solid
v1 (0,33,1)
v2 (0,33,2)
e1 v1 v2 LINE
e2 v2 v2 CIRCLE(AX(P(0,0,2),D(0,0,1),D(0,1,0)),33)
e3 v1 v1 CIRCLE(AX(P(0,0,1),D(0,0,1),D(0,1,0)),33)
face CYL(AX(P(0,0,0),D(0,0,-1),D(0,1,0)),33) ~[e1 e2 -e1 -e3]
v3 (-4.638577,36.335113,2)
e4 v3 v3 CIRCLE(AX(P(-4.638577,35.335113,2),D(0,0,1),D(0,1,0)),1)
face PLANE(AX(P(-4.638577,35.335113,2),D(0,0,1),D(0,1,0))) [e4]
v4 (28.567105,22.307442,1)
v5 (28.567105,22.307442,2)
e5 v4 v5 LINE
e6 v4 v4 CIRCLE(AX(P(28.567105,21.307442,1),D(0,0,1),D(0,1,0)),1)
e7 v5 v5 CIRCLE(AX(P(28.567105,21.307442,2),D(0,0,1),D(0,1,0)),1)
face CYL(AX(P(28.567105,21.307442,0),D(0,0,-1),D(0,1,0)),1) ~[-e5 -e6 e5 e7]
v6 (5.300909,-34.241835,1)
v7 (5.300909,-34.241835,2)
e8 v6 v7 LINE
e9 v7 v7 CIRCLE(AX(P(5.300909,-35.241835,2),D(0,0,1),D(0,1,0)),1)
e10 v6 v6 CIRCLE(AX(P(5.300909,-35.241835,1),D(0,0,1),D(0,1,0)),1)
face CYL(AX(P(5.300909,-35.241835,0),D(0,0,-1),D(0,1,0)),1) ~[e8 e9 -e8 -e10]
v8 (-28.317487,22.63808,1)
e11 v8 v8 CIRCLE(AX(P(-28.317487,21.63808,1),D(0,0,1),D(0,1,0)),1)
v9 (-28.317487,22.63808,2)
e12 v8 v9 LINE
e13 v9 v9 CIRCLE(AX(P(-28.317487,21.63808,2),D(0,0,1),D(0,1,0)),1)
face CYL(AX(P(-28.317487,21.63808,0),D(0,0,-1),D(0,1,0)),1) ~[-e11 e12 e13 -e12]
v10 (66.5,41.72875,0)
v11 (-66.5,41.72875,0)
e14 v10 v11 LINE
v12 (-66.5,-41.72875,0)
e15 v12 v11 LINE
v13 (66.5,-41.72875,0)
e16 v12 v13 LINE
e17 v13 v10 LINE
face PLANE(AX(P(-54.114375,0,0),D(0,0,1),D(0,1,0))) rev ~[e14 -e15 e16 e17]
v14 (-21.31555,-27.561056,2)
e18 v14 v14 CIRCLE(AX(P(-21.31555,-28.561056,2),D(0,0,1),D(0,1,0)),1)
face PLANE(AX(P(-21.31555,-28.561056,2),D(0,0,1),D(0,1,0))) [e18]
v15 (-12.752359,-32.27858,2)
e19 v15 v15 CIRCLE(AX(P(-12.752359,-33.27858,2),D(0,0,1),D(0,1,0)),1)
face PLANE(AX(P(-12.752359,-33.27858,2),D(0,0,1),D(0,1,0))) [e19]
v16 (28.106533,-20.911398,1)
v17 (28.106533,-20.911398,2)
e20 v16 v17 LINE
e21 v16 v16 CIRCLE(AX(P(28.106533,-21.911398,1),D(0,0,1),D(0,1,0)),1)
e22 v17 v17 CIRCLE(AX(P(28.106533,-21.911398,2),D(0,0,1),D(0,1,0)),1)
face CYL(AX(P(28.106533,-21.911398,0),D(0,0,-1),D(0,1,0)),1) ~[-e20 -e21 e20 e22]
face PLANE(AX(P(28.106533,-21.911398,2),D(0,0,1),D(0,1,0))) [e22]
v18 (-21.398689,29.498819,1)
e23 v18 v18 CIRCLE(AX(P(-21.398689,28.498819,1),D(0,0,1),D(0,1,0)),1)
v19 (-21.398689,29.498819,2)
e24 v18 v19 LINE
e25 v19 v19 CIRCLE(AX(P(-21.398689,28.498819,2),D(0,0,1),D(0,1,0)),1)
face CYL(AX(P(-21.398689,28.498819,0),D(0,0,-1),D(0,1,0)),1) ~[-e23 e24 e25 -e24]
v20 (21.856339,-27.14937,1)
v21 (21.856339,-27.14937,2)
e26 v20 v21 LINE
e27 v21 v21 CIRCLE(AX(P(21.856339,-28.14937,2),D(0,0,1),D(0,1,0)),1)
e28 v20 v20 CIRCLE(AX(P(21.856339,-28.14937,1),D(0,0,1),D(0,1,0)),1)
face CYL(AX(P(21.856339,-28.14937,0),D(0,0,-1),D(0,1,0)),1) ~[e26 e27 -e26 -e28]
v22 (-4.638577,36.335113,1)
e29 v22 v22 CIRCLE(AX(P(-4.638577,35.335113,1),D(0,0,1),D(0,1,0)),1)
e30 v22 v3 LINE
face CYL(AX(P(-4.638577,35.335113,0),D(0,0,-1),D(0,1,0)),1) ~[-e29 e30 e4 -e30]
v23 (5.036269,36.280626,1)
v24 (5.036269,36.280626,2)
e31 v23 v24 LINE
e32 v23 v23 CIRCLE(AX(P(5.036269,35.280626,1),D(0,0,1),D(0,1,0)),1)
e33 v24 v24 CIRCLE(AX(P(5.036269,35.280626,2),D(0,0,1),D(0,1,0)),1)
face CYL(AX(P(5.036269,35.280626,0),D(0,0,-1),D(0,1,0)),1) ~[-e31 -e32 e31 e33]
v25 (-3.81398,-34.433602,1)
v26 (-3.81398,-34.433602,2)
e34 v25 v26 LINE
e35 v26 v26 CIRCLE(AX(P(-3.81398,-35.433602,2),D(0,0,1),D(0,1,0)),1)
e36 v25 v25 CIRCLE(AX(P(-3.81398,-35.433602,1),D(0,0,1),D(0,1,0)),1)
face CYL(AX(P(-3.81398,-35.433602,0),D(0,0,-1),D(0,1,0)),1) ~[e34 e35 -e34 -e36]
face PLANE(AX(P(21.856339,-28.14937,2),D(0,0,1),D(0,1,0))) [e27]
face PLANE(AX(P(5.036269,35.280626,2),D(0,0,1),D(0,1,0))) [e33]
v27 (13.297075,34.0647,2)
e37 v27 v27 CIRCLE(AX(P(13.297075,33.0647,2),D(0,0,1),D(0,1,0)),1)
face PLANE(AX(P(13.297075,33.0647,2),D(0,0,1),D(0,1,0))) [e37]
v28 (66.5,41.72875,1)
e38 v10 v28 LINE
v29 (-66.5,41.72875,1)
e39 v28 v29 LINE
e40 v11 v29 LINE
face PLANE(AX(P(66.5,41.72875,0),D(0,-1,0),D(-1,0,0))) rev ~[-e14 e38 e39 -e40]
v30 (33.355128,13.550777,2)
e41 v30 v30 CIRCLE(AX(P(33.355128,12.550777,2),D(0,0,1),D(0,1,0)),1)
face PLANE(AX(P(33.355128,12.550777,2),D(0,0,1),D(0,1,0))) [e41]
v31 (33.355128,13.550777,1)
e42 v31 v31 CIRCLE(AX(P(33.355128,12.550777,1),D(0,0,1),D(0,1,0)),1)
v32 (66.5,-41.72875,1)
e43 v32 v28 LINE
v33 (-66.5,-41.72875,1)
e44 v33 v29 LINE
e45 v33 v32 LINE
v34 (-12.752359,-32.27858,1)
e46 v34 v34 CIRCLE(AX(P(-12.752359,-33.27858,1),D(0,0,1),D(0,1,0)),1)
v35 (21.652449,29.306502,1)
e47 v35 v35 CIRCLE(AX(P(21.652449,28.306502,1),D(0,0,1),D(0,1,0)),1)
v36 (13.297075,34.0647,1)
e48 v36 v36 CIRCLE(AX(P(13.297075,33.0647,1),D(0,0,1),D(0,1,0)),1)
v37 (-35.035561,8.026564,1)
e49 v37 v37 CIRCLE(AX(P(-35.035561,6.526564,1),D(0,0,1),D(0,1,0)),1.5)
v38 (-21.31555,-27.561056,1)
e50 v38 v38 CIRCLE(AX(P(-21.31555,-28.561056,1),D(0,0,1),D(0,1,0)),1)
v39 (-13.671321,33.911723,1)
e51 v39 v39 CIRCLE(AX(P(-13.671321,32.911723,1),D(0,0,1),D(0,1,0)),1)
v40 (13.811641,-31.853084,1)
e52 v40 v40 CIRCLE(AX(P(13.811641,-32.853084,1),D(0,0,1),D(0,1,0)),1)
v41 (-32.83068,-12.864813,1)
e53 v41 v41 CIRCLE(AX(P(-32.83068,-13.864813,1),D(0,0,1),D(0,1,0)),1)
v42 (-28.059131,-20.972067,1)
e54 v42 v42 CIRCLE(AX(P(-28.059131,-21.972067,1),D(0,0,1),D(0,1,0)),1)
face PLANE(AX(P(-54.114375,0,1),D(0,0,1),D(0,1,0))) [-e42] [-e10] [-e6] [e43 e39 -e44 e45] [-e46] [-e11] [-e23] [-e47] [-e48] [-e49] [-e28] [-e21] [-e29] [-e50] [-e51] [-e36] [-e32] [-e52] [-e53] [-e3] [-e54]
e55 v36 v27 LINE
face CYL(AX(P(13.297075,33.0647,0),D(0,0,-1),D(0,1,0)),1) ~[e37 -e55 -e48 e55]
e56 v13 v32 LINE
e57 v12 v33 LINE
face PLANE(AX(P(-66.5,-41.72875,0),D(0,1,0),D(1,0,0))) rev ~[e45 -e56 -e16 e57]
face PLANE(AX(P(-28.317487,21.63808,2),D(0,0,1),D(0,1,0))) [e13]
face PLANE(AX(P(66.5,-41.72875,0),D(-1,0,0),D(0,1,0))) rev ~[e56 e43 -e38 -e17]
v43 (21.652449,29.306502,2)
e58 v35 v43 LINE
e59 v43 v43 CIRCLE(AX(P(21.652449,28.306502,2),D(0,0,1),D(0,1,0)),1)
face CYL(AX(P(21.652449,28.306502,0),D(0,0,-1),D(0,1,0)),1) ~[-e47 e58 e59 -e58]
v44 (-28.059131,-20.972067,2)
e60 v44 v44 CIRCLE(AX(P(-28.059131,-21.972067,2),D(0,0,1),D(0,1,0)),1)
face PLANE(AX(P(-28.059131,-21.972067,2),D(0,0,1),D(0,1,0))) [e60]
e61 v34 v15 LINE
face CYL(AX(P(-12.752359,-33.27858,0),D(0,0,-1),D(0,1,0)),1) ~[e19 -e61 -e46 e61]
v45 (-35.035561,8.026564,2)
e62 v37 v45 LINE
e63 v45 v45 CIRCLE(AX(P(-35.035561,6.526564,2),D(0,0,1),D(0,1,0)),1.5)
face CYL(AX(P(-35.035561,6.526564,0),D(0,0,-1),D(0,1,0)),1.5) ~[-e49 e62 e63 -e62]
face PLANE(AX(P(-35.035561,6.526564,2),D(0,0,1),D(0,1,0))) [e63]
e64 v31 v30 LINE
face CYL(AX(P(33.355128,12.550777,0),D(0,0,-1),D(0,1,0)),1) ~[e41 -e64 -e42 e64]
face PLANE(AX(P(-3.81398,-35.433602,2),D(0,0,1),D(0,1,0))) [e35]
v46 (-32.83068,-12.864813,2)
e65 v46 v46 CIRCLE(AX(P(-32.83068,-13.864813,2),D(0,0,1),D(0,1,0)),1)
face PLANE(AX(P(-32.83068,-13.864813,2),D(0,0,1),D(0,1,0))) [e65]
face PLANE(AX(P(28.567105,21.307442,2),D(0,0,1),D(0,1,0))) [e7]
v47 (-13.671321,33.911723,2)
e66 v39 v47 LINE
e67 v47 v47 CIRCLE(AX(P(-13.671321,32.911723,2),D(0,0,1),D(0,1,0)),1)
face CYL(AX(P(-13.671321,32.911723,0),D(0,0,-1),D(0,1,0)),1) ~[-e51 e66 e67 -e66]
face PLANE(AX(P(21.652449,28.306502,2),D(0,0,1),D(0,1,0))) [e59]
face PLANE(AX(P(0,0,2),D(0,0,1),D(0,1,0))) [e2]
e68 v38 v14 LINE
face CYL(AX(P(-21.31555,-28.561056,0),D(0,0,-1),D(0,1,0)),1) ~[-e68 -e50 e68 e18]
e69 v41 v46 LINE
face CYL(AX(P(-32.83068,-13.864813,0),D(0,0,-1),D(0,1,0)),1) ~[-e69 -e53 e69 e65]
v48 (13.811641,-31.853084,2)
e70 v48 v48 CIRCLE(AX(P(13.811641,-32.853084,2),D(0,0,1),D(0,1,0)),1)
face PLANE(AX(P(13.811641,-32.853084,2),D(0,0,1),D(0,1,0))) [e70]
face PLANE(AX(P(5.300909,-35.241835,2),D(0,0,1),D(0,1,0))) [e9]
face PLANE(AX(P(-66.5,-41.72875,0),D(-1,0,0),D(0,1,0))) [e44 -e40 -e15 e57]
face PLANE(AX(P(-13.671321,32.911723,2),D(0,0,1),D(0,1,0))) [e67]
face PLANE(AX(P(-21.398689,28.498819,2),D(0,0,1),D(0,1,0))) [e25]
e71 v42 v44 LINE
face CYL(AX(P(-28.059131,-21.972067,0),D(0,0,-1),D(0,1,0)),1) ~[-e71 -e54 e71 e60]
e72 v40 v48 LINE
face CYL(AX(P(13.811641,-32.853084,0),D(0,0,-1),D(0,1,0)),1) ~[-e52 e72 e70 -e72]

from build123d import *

# Parameters (mm, degrees)
F0_W     = 83.4575
F0_H     = 24.77125
F0_H_2   = 83.4575
F0_R     = 1
F0_R_2   = 33
F0_R_3   = 1.5
F1_DEPTH = 1
F2_DEPTH = 2
F3_ANGLE = 90


with BuildPart() as f1:
    # F0 (on Top) → F1 (new body)
    with BuildSketch(Plane.XY):
        with Locations((0, 54.114375)):
            Rectangle(F0_W, F0_H)
        with Locations((0, -54.114375)):
            Rectangle(F0_W, F0_H)
        Rectangle(F0_W, F0_H_2)
        with Locations((-35.241835, -5.300909)):
            Circle(F0_R, mode=Mode.SUBTRACT)
        with Locations((-21.911398, -28.106533)):
            Circle(F0_R, mode=Mode.SUBTRACT)
        with Locations((-28.14937, -21.856339)):
            Circle(F0_R, mode=Mode.SUBTRACT)
        with Locations((-32.853084, -13.811641)):
            Circle(F0_R, mode=Mode.SUBTRACT)
        with Locations((12.550777, -33.355128)):
            Circle(F0_R, mode=Mode.SUBTRACT)
        with Locations((21.307442, -28.567105)):
            Circle(F0_R, mode=Mode.SUBTRACT)
        with Locations((28.306502, -21.652449)):
            Circle(F0_R, mode=Mode.SUBTRACT)
        with Locations((33.0647, -13.297075)):
            Circle(F0_R, mode=Mode.SUBTRACT)
        with Locations((35.280626, -5.036269)):
            Circle(F0_R, mode=Mode.SUBTRACT)
        with Locations((-35.433602, 3.81398)):
            Circle(F0_R, mode=Mode.SUBTRACT)
        with Locations((-33.27858, 12.752359)):
            Circle(F0_R, mode=Mode.SUBTRACT)
        with Locations((-28.561056, 21.31555)):
            Circle(F0_R, mode=Mode.SUBTRACT)
        with Locations((-21.972067, 28.059131)):
            Circle(F0_R, mode=Mode.SUBTRACT)
        with Locations((-13.864813, 32.83068)):
            Circle(F0_R, mode=Mode.SUBTRACT)
        Circle(F0_R_2, mode=Mode.SUBTRACT)
        with Locations((32.911723, 13.671321)):
            Circle(F0_R, mode=Mode.SUBTRACT)
        with Locations((28.498819, 21.398689)):
            Circle(F0_R, mode=Mode.SUBTRACT)
        with Locations((21.63808, 28.317487)):
            Circle(F0_R, mode=Mode.SUBTRACT)
        with Locations((35.335113, 4.638577)):
            Circle(F0_R, mode=Mode.SUBTRACT)
        with Locations((6.526564, 35.035561)):
            Circle(F0_R_3, mode=Mode.SUBTRACT)
    extrude(amount=F1_DEPTH)

    # F0 (on Top) → F2 (join)
    with BuildSketch(Plane.XY):
        Circle(F0_R_2)
        with Locations((-13.864813, 32.83068)):
            Circle(F0_R)
        with Locations((-21.972067, 28.059131)):
            Circle(F0_R)
        with Locations((-28.561056, 21.31555)):
            Circle(F0_R)
        with Locations((-33.27858, 12.752359)):
            Circle(F0_R)
        with Locations((-35.433602, 3.81398)):
            Circle(F0_R)
        with Locations((-35.241835, -5.300909)):
            Circle(F0_R)
        with Locations((-32.853084, -13.811641)):
            Circle(F0_R)
        with Locations((-28.14937, -21.856339)):
            Circle(F0_R)
        with Locations((-21.911398, -28.106533)):
            Circle(F0_R)
        with Locations((12.550777, -33.355128)):
            Circle(F0_R)
        with Locations((21.307442, -28.567105)):
            Circle(F0_R)
        with Locations((28.306502, -21.652449)):
            Circle(F0_R)
        with Locations((33.0647, -13.297075)):
            Circle(F0_R)
        with Locations((35.280626, -5.036269)):
            Circle(F0_R)
        with Locations((35.335113, 4.638577)):
            Circle(F0_R)
        with Locations((32.911723, 13.671321)):
            Circle(F0_R)
        with Locations((28.498819, 21.398689)):
            Circle(F0_R)
        with Locations((21.63808, 28.317487)):
            Circle(F0_R)
        with Locations((6.526564, 35.035561)):
            Circle(F0_R_3)
    extrude(amount=F2_DEPTH)


with BuildPart() as f1_1:
    # F3: moved
    add(f1.part.rotate(Axis((0, 0, 2), (0, 0, 1)), F3_ANGLE))


solid = f1_1.part
